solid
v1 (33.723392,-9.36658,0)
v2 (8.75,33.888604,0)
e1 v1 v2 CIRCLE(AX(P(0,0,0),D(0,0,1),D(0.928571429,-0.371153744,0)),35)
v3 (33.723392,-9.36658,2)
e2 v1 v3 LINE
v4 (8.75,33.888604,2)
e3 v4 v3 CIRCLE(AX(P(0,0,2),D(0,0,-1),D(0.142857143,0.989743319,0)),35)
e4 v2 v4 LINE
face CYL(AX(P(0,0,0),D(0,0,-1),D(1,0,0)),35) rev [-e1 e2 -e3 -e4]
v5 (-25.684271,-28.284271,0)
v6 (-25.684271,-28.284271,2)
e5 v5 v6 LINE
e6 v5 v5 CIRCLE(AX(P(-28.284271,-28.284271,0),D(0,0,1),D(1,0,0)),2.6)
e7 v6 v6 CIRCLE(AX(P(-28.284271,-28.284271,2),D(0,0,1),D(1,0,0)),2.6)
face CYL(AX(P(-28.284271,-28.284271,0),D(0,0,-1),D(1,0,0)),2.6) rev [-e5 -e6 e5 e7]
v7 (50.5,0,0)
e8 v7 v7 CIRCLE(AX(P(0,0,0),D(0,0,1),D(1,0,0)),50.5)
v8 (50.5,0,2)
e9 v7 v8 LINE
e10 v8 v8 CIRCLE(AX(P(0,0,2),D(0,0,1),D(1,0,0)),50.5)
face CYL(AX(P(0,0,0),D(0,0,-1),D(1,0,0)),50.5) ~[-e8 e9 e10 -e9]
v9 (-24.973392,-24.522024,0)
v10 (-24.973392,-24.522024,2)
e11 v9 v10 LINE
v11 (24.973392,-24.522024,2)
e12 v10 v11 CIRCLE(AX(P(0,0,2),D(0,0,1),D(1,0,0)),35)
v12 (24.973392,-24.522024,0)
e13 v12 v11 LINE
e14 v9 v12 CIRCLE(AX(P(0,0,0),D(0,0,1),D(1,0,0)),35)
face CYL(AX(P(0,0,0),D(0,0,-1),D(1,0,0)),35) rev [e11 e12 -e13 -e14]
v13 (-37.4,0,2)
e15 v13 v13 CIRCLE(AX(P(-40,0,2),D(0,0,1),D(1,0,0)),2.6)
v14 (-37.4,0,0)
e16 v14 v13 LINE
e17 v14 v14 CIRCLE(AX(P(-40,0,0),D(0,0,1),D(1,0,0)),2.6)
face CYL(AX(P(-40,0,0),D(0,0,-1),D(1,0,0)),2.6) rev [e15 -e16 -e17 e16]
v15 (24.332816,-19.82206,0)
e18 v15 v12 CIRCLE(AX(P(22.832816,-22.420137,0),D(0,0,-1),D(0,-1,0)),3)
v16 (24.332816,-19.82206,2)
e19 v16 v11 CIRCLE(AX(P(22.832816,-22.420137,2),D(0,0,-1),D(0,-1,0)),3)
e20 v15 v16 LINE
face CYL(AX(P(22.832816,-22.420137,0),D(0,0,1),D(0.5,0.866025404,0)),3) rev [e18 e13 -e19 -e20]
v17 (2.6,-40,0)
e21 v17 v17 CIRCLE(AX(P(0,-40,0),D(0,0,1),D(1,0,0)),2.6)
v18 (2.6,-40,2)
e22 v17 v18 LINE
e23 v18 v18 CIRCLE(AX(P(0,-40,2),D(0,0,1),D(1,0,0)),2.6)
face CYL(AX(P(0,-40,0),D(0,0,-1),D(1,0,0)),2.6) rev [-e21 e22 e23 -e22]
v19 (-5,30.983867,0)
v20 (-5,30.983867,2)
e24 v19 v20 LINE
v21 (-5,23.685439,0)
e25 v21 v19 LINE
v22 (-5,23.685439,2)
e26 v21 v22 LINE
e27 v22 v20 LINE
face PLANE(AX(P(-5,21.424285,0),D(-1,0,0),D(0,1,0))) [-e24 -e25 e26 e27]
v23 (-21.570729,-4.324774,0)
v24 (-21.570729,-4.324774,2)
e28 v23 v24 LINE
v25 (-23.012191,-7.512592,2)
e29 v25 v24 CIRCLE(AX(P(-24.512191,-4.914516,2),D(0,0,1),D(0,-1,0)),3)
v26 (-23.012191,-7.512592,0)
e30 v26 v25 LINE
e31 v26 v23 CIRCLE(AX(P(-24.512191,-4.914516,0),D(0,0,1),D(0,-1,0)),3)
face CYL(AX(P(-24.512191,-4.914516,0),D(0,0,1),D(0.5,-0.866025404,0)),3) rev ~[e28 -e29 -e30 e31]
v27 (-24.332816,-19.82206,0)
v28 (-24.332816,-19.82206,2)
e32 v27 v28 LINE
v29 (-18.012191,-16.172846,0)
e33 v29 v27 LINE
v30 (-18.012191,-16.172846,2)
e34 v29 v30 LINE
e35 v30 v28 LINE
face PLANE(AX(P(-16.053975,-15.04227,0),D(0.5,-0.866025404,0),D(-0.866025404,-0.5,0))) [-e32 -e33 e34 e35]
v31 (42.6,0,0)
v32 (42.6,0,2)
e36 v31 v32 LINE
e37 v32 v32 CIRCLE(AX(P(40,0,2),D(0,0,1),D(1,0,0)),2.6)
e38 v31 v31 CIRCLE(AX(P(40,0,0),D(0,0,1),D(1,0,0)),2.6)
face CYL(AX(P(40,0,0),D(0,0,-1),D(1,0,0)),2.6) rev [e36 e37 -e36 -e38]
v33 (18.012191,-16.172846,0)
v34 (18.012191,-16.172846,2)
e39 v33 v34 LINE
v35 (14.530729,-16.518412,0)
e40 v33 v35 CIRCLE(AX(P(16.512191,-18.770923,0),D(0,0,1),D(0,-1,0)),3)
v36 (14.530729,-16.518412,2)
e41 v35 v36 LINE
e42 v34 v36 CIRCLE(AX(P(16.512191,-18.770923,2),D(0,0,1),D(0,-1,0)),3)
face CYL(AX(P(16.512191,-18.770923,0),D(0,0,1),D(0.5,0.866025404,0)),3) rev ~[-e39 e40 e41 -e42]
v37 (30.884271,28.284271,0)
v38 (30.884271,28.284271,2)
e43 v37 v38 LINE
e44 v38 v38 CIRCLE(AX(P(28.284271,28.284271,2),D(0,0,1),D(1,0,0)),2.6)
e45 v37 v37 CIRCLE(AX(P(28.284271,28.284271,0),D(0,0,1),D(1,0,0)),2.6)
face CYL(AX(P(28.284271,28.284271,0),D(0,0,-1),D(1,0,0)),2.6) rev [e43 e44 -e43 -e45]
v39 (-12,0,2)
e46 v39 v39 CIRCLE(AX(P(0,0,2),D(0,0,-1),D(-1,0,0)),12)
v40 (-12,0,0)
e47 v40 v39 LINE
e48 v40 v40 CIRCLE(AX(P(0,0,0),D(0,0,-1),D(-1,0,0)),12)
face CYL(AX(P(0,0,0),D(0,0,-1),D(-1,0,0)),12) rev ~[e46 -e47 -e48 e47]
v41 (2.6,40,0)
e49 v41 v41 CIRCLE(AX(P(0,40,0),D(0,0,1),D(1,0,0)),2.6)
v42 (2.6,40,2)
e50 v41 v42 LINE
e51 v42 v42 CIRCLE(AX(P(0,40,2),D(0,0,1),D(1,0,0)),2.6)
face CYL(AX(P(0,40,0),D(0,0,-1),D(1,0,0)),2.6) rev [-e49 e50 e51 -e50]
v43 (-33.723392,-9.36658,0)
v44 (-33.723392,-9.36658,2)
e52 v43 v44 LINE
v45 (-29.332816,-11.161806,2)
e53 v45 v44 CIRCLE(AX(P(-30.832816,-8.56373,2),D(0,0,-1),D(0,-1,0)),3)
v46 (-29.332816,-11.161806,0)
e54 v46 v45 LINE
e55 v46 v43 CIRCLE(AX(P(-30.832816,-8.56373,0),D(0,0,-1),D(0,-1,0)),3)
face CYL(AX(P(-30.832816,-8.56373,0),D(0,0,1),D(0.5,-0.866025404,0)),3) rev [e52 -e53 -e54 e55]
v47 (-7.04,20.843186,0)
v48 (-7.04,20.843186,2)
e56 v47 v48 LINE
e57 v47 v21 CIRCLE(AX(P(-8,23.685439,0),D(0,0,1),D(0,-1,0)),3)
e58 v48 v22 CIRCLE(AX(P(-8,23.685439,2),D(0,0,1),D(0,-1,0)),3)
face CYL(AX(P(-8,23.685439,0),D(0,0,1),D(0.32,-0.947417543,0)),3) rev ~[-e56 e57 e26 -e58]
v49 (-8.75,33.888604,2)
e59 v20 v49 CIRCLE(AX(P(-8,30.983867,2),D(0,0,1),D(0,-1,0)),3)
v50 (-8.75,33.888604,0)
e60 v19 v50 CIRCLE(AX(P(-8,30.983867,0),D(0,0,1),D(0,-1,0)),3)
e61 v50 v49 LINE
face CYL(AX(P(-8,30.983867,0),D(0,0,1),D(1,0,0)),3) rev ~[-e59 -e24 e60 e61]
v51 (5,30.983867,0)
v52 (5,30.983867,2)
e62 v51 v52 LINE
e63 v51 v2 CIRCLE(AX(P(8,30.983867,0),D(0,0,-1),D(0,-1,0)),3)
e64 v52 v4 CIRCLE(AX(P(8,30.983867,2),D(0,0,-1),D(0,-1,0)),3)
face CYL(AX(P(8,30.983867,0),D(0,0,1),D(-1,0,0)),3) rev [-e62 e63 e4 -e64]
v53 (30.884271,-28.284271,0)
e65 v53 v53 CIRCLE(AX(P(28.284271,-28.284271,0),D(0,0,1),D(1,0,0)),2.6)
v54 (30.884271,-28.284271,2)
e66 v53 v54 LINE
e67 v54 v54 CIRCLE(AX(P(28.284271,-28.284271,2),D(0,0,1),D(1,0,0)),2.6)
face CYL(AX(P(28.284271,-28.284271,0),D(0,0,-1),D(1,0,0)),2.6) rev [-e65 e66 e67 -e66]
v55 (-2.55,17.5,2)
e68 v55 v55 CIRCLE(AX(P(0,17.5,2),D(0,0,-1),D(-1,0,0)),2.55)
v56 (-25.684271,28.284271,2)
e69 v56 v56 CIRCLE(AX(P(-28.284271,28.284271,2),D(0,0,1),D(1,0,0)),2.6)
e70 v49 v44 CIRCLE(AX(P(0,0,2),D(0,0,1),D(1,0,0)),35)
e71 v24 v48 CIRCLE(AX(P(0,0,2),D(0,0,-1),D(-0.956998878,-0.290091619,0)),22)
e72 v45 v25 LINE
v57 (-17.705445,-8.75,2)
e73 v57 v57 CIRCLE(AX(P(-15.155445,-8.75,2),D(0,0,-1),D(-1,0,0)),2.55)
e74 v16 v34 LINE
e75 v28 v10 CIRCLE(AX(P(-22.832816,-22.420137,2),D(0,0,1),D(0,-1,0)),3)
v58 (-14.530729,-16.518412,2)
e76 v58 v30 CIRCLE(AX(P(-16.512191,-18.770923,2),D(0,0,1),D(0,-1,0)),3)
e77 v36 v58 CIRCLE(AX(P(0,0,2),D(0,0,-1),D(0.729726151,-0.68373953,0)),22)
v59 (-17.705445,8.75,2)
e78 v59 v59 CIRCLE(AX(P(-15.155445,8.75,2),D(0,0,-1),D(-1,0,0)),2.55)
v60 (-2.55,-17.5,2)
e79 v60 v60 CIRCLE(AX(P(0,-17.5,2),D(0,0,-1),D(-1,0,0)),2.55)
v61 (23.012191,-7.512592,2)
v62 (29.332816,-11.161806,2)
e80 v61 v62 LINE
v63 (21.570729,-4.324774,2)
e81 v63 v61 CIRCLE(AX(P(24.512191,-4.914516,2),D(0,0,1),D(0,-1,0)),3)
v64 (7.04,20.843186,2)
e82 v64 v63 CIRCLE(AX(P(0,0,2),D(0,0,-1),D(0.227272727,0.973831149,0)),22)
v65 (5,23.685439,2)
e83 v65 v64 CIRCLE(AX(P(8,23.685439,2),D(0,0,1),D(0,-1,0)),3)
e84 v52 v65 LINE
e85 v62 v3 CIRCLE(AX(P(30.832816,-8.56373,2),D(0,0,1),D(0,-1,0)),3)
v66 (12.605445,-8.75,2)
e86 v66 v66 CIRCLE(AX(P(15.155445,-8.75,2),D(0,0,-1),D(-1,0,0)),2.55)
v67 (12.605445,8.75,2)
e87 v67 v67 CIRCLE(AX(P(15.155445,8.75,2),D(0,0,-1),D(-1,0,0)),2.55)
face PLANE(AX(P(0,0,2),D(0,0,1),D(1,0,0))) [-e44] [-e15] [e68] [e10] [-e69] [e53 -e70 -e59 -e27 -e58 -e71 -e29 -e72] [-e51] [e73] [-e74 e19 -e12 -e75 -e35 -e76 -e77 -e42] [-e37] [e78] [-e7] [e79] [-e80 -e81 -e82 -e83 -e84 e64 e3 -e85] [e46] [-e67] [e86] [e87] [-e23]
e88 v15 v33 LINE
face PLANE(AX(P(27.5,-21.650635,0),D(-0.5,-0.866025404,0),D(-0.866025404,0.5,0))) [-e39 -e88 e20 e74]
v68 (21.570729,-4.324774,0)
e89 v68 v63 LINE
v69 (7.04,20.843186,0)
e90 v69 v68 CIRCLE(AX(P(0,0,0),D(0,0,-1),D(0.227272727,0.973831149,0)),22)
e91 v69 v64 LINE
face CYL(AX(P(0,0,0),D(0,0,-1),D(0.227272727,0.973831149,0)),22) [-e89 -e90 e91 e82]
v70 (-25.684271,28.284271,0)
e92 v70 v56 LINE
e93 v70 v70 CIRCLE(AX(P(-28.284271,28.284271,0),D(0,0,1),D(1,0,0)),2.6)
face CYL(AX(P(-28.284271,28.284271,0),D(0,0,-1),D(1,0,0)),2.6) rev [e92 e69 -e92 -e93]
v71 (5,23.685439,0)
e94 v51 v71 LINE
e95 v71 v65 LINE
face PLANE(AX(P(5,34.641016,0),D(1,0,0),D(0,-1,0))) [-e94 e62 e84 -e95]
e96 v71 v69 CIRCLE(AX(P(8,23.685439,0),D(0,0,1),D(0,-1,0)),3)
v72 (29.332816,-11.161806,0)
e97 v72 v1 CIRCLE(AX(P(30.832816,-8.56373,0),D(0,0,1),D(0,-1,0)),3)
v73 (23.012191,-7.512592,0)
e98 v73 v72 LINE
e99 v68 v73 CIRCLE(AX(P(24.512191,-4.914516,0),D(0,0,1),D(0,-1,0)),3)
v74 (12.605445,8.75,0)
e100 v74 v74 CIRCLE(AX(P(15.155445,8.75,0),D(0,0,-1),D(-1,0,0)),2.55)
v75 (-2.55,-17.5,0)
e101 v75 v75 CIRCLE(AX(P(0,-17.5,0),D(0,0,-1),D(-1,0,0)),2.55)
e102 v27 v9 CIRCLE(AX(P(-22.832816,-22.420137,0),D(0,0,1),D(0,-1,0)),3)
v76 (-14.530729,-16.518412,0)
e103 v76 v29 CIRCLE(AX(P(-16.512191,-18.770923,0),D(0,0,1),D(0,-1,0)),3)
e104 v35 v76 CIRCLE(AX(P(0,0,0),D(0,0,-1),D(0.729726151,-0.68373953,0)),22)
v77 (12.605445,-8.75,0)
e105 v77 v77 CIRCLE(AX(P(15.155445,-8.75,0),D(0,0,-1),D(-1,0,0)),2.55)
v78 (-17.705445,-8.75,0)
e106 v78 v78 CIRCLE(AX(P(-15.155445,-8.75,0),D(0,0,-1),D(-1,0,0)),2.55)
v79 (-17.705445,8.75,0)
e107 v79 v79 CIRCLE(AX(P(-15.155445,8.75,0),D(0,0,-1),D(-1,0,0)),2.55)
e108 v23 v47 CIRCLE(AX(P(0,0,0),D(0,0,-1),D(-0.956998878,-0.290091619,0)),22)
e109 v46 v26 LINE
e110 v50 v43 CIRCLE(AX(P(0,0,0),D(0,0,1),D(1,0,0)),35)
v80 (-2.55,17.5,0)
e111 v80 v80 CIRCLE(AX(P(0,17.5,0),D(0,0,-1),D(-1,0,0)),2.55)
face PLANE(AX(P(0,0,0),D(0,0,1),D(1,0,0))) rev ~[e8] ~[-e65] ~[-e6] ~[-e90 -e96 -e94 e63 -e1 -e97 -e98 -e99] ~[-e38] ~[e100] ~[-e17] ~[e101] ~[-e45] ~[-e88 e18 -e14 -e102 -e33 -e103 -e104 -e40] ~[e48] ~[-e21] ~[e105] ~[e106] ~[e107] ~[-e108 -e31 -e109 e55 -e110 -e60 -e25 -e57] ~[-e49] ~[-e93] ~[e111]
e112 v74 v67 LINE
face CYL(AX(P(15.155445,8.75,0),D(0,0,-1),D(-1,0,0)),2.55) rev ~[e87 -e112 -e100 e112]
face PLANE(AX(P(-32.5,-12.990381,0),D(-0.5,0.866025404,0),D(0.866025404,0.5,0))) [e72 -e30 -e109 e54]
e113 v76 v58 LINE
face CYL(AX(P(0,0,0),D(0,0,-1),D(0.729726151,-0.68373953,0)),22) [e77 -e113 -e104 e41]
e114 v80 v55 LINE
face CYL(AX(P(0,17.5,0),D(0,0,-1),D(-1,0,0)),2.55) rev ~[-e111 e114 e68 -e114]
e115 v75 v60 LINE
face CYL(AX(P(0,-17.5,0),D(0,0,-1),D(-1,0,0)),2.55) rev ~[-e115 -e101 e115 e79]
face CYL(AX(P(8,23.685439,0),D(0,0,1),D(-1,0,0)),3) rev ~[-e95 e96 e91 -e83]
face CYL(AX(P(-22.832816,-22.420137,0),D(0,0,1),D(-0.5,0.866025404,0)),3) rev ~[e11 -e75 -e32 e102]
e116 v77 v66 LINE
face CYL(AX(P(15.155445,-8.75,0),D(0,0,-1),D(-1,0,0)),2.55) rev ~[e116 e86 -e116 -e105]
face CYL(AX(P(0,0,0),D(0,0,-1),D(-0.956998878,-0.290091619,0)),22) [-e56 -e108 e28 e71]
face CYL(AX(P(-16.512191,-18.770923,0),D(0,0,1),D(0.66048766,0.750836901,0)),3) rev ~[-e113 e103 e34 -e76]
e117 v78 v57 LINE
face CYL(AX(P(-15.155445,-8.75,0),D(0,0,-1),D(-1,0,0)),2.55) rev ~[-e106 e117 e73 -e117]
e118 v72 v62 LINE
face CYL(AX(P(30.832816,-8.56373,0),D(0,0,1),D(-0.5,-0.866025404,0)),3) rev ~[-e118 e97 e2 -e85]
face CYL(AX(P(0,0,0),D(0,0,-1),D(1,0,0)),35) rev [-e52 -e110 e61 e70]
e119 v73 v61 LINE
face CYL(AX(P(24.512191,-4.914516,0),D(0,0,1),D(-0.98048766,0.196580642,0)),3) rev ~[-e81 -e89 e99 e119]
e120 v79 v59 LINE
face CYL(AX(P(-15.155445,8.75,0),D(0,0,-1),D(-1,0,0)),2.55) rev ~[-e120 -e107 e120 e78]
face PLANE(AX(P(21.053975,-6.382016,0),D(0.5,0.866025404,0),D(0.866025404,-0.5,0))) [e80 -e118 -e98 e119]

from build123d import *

# Parameters (mm, degrees)
SKETCH_1_R      = 50.5
SKETCH_1_R_2    = 2.6
SKETCH_1_R_3    = 35
EXTRUDE_1_DEPTH = 2
SKETCH_3_R      = 2.55
SKETCH_3_R_2    = 12
EXTRUDE_4_DEPTH = 2
FILLET_2_R      = 3


with BuildPart() as part:
    # 草图1 → 凸台-拉伸1 (new body)
    with BuildSketch(Plane.XY):
        Circle(SKETCH_1_R)
        with Locations((0, 40)):
            Circle(SKETCH_1_R_2, mode=Mode.SUBTRACT)
        Circle(SKETCH_1_R_3, mode=Mode.SUBTRACT)
        with Locations((28.284271247, 28.284271247)):
            Circle(SKETCH_1_R_2, mode=Mode.SUBTRACT)
        with Locations((40, 0)):
            Circle(SKETCH_1_R_2, mode=Mode.SUBTRACT)
        with Locations((28.284271247, -28.284271247)):
            Circle(SKETCH_1_R_2, mode=Mode.SUBTRACT)
        with Locations((0, -40)):
            Circle(SKETCH_1_R_2, mode=Mode.SUBTRACT)
        with Locations((-28.284271247, -28.284271247)):
            Circle(SKETCH_1_R_2, mode=Mode.SUBTRACT)
        with Locations((-40, 0)):
            Circle(SKETCH_1_R_2, mode=Mode.SUBTRACT)
        with Locations((-28.284271247, 28.284271247)):
            Circle(SKETCH_1_R_2, mode=Mode.SUBTRACT)
    extrude(amount=EXTRUDE_1_DEPTH)

    # 草图3 → 凸台-拉伸4 (add)
    with BuildSketch(Plane(origin=(0, 0, 0), x_dir=(-1, 0, 0), z_dir=(0, 0, -1))):
        with BuildLine():
            Line((-5, 34.641016151), (-5, 21.424285286))
            ThreePointArc((-5, 21.424285286), (-19.052558883, 11), (-21.053975315, -6.382015624))
            Line((-21.053975315, -6.382015624), (-32.5, -12.990381057))
            ThreePointArc((-32.5, -12.990381057), (-30.310889132, -17.5), (-27.5, -21.650635095))
            Line((-27.5, -21.650635095), (-16.053975315, -15.042269662))
            ThreePointArc((-16.053975315, -15.042269662), (0, -22), (16.053975315, -15.042269662))
            Line((16.053975315, -15.042269662), (27.5, -21.650635095))
            ThreePointArc((27.5, -21.650635095), (30.310889132, -17.5), (32.5, -12.990381057))
            Line((32.5, -12.990381057), (21.053975315, -6.382015624))
            ThreePointArc((21.053975315, -6.382015624), (19.052558883, 11), (5, 21.424285286))
            Line((5, 21.424285286), (5, 34.641016151))
            ThreePointArc((5, 34.641016151), (0, 35), (-5, 34.641016151))
        make_face()
        with Locations((0, 17.5)):
            Circle(SKETCH_3_R, mode=Mode.SUBTRACT)
        with Locations((0, -17.5)):
            Circle(SKETCH_3_R, mode=Mode.SUBTRACT)
        with Locations((-15.155444566, -8.75)):
            Circle(SKETCH_3_R, mode=Mode.SUBTRACT)
        with Locations((15.155444566, -8.75)):
            Circle(SKETCH_3_R, mode=Mode.SUBTRACT)
        with Locations((-15.155444566, 8.75)):
            Circle(SKETCH_3_R, mode=Mode.SUBTRACT)
        Circle(SKETCH_3_R_2, mode=Mode.SUBTRACT)
        with Locations((15.155444566, 8.75)):
            Circle(SKETCH_3_R, mode=Mode.SUBTRACT)
    extrude(amount=-EXTRUDE_4_DEPTH)

    # 圆角2
    fillet_2_edges = [part.edges().sort_by_distance(p)[0] for p in [
        (5, 21.424285286, 1),
        (5, 34.641016151, 1),
        (-5, 34.641016151, 1),
        (-5, 21.424285286, 1),
        (-21.053975315, -6.382015624, 1),
        (-32.5, -12.990381057, 1),
        (-27.5, -21.650635095, 1),
        (-16.053975315, -15.042269662, 1),
        (16.053975315, -15.042269662, 1),
        (27.5, -21.650635095, 1),
        (32.5, -12.990381057, 1),
        (21.053975315, -6.382015624, 1),
    ]]
    fillet(fillet_2_edges, radius=FILLET_2_R)


solid = part.part
